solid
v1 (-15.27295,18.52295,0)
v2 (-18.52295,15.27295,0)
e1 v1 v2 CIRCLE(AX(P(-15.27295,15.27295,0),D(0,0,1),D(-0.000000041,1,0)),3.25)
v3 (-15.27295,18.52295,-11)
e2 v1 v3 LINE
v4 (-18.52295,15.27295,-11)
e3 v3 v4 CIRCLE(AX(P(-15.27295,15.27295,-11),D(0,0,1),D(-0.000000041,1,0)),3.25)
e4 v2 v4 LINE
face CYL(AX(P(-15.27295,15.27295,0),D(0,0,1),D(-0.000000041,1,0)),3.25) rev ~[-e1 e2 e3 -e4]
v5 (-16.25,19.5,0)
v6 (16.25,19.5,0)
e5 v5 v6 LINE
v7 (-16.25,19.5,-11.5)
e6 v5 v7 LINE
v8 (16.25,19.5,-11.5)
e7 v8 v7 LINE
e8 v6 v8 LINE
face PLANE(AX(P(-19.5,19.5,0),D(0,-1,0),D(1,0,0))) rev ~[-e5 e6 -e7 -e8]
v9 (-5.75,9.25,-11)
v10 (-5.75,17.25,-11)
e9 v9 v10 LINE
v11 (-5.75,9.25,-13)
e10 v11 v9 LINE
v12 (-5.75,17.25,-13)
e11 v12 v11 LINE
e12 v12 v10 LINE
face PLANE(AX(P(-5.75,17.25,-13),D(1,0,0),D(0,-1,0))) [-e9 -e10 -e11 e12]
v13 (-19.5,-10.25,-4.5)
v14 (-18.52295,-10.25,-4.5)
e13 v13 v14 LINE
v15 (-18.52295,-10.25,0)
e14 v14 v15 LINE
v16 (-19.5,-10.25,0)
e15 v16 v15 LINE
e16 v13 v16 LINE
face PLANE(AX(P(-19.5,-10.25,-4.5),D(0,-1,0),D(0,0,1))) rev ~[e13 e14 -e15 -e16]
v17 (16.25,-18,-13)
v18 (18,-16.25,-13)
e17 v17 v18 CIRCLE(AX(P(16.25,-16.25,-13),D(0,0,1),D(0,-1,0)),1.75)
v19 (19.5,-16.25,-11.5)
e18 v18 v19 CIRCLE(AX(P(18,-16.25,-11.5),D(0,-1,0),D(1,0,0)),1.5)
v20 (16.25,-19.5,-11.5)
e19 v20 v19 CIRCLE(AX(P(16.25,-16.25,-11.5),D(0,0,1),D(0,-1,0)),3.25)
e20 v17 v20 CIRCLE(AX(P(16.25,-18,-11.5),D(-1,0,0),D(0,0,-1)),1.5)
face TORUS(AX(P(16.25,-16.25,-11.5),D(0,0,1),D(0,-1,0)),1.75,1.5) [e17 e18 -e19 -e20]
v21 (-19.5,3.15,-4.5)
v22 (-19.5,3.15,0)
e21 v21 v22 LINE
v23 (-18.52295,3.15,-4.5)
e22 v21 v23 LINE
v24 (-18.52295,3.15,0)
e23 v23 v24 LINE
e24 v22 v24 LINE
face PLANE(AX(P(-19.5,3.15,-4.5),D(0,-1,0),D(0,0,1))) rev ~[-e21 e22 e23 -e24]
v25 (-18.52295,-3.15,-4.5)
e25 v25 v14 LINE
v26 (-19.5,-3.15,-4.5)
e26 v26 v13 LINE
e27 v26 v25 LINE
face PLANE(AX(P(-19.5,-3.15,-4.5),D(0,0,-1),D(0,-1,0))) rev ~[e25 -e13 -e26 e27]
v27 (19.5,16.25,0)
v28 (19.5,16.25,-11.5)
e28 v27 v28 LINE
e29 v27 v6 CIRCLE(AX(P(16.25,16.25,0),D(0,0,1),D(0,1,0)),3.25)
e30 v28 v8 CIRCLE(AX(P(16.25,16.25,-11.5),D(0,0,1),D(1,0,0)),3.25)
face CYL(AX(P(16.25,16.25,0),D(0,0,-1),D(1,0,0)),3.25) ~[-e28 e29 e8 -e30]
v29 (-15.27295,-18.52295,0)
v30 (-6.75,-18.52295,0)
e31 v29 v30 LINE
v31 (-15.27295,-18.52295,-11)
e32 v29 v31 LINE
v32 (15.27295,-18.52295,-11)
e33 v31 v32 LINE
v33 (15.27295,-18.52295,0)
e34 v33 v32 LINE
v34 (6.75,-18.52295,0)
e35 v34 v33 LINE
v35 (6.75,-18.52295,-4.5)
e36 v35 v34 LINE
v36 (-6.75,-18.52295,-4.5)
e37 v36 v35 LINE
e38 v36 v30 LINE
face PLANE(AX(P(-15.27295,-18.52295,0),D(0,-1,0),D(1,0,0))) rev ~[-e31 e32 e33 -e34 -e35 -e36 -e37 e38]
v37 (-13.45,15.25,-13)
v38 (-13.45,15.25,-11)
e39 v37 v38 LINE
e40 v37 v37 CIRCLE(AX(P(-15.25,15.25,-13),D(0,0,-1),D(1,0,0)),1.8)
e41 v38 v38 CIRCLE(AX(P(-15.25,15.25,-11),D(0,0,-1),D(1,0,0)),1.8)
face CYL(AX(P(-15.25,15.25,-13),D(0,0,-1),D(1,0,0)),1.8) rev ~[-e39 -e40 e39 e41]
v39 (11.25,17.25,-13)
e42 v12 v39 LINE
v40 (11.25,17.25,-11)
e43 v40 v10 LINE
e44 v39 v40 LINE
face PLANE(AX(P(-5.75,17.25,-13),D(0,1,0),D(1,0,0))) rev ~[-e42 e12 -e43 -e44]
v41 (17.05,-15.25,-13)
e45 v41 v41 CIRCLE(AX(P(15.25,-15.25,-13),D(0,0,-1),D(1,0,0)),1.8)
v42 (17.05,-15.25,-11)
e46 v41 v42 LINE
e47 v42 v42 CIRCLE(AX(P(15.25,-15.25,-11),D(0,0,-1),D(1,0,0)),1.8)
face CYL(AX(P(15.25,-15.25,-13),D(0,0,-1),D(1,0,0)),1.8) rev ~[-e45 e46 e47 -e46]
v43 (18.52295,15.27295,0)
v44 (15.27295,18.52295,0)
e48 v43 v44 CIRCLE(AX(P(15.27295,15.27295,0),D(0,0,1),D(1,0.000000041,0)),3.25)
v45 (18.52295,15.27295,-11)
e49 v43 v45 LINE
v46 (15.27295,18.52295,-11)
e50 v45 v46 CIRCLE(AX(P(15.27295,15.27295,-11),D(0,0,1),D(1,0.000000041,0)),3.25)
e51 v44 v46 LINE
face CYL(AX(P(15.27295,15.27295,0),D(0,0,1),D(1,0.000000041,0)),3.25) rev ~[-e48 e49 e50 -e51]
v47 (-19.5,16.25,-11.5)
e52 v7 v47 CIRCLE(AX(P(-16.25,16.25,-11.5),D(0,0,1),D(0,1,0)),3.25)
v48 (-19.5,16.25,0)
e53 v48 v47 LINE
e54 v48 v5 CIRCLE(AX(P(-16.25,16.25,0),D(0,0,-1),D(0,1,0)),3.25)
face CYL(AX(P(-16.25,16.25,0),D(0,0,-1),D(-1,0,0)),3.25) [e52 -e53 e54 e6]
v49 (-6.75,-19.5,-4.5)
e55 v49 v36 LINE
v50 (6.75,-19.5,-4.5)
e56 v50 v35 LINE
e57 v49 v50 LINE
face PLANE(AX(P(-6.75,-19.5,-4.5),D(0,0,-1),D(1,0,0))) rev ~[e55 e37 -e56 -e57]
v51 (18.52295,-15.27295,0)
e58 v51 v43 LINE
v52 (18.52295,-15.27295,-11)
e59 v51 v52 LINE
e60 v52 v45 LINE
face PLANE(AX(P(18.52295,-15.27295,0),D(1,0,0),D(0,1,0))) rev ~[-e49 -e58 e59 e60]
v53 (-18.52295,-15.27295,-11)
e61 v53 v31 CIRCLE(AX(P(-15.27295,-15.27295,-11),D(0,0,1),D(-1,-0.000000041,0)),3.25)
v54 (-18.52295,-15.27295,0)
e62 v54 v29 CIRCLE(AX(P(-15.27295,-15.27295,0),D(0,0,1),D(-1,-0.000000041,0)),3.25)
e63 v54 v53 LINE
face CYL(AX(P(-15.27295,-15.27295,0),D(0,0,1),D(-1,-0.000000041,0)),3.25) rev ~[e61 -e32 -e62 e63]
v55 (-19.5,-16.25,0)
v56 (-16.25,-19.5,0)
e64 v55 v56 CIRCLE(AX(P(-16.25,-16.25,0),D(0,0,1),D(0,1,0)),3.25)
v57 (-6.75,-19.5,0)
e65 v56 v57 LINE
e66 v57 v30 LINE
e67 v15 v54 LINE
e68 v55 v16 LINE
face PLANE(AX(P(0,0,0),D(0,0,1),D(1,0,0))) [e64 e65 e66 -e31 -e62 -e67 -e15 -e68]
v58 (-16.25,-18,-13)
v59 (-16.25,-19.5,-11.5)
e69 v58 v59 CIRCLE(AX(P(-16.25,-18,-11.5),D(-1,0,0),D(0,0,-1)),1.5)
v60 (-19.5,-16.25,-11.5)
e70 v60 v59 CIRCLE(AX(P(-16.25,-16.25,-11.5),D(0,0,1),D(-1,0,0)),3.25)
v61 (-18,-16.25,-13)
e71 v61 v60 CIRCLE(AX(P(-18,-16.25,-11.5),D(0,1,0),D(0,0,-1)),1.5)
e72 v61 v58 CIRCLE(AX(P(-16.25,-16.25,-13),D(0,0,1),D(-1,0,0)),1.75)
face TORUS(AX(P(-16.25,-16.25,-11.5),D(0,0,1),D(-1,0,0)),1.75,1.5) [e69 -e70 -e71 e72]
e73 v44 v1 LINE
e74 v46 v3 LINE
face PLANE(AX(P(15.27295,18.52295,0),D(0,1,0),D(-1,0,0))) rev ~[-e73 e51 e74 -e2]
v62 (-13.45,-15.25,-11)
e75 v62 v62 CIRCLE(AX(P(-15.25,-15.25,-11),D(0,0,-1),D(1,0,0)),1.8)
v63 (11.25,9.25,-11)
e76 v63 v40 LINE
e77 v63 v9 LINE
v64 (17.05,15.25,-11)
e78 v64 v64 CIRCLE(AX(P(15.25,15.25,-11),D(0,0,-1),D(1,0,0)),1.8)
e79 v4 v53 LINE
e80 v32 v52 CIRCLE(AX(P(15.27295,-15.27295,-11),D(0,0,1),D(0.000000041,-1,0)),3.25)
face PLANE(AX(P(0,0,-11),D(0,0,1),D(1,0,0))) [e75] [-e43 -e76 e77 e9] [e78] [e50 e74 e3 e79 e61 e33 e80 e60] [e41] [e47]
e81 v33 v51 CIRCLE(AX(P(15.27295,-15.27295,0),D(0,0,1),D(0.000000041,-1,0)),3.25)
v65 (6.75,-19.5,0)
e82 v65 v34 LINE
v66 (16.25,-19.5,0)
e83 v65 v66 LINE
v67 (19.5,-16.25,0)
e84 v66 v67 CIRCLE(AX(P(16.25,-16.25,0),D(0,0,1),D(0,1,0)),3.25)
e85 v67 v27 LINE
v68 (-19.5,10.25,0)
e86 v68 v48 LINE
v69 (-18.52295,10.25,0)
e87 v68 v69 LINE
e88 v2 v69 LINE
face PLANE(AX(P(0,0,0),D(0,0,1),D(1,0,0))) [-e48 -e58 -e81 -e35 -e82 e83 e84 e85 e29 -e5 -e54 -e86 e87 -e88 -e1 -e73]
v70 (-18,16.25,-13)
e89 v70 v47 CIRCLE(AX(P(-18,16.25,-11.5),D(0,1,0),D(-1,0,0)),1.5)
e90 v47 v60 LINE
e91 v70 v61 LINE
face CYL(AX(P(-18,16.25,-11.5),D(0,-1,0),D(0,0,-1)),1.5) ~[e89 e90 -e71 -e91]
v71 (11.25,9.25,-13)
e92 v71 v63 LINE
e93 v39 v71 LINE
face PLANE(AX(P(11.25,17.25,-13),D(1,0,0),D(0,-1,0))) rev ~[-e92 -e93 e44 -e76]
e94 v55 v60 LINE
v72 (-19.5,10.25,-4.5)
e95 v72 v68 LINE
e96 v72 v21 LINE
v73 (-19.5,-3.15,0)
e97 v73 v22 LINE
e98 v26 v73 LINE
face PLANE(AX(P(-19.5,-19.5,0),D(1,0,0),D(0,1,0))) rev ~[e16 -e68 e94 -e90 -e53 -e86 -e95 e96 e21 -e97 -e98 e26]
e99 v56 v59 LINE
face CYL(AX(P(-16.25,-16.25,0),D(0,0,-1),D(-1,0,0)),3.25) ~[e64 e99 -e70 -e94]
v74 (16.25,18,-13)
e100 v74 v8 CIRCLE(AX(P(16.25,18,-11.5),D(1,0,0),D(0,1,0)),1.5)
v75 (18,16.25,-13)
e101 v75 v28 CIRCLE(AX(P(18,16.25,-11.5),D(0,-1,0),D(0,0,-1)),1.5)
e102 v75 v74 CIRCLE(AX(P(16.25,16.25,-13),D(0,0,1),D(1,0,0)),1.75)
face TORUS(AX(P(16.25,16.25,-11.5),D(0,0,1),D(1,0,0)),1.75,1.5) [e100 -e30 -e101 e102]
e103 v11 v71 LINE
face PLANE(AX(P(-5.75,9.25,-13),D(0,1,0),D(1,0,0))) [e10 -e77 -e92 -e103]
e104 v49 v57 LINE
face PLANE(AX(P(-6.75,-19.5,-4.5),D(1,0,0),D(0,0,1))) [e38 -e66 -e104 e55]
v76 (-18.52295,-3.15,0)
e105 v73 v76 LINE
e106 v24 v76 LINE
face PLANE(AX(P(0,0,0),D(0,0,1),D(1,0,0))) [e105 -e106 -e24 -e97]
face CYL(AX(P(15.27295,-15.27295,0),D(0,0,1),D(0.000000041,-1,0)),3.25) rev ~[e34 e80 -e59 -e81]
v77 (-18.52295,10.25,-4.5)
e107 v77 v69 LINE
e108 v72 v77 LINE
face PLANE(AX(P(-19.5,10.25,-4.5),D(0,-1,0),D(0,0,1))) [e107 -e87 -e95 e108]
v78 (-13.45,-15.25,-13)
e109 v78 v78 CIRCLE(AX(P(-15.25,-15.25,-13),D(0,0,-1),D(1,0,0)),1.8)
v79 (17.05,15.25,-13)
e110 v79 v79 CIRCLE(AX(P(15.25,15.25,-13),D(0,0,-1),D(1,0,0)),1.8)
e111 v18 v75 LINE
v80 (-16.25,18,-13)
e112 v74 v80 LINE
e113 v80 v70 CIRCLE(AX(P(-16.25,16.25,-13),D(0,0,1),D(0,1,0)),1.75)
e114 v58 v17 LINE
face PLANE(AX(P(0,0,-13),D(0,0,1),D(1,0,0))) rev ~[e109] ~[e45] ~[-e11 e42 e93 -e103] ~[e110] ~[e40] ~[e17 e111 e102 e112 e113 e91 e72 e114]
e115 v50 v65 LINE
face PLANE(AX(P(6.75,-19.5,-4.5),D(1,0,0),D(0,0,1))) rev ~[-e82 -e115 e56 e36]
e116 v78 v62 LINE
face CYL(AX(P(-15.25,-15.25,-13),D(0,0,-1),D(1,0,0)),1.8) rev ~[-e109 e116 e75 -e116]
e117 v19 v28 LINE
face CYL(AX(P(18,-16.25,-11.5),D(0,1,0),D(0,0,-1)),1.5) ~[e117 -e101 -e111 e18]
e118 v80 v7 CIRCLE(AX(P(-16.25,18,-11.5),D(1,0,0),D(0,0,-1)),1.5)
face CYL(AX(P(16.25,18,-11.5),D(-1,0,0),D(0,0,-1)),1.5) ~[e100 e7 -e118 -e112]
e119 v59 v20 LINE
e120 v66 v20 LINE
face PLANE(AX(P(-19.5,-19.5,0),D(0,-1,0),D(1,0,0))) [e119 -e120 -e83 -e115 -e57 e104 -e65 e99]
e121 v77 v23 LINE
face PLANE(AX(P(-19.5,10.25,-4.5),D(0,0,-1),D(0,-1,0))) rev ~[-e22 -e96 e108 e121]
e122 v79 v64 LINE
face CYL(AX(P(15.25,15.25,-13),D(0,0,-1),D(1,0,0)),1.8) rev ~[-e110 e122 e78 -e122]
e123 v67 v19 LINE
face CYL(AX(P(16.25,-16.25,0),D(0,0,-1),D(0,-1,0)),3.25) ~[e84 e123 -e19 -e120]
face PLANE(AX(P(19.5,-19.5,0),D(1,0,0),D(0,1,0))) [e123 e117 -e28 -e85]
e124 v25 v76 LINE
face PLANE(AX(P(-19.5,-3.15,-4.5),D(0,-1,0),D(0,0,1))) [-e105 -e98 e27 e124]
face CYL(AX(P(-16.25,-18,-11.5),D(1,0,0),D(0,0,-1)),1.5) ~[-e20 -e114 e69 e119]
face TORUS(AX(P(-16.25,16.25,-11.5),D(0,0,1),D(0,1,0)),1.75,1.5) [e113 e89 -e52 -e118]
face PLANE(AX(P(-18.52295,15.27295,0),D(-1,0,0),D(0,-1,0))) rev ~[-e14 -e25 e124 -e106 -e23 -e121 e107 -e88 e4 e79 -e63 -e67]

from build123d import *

# Parameters (mm, degrees)
F0_W      = 39
F0_H      = 39
F1_DEPTH  = 13
F3_R      = 3.25
F5_DEPTH  = 11
F2_R      = 1.8
F2_W      = 17
F2_H      = 8
F6_DEPTH  = 13.001
F7_R      = 1.5
F12_W     = 7.1
F12_H     = 4.5
F13_DEPTH = 0.97705
F14_W     = 13.5
F14_H     = 4.5
F15_DEPTH = 0.97705


with BuildPart() as f1:
    # F0 (on Top) → F1 (new body)
    with BuildSketch(Plane.XY):
        Rectangle(F0_W, F0_H)
    extrude(amount=-F1_DEPTH)

    # F3
    f3_edges = [f1.edges().sort_by_distance(p)[0] for p in [
        (-19.5, -19.5, -6.5),
        (19.5, -19.5, -6.5),
        (19.5, 19.5, -6.5),
        (-19.5, 19.5, -6.5),
    ]]
    fillet(f3_edges, radius=F3_R)

    # F4 (on Top) → F5 (cut)
    with BuildSketch(Plane.XY):
        with BuildLine():
            ThreePointArc((-18.52295, -15.27295), (-17.571047, -17.571047), (-15.27295, -18.52295))
            Line((-15.27295, -18.52295), (15.27295, -18.52295))
            ThreePointArc((15.27295, -18.52295), (17.571047, -17.571047), (18.52295, -15.27295))
            Line((18.52295, -15.27295), (18.52295, 15.27295))
            ThreePointArc((18.52295, 15.27295), (17.571047, 17.571047), (15.27295, 18.52295))
            Line((15.27295, 18.52295), (-15.27295, 18.52295))
            ThreePointArc((-15.27295, 18.52295), (-17.571047, 17.571047), (-18.52295, 15.27295))
            Line((-18.52295, 15.27295), (-18.52295, -15.27295))
        make_face()
    extrude(amount=-F5_DEPTH, mode=Mode.SUBTRACT)

    # F2 (on face) → F6 (cut, through all)
    with BuildSketch(Plane(origin=(0, 0, -13), x_dir=(1, 0, 0), z_dir=(0, 0, -1))):
        with Locations((-15.25, 15.25)):
            Circle(F2_R)
        with Locations((15.25, 15.25)):
            Circle(F2_R)
        with Locations((-15.25, -15.25)):
            Circle(F2_R)
        with Locations((15.25, -15.25)):
            Circle(F2_R)
        with Locations((2.75, -13.25)):
            Rectangle(F2_W, F2_H)
    extrude(amount=-F6_DEPTH, mode=Mode.SUBTRACT)

    # F7
    f7_edges = [f1.edges().sort_by_distance(p)[0] for p in [
        (0, -19.5, -13),
    ]]
    fillet(f7_edges, radius=F7_R)

    # F12 (on face) → F13 (cut, through all)
    with BuildSketch(Plane(origin=(-19.5, 0, 0), x_dir=(0, -1, 0), z_dir=(-1, 0, 0))):
        with Locations((6.7, -2.25)):
            Rectangle(F12_W, F12_H)
        with Locations((-6.7, -2.25)):
            Rectangle(F12_W, F12_H)
    extrude(amount=-F13_DEPTH, mode=Mode.SUBTRACT)

    # F14 (on face) → F15 (cut, through all)
    with BuildSketch(Plane.XZ.offset(19.5)):
        with Locations((0, -2.25)):
            Rectangle(F14_W, F14_H)
    extrude(amount=-F15_DEPTH, mode=Mode.SUBTRACT)


solid = f1.part
